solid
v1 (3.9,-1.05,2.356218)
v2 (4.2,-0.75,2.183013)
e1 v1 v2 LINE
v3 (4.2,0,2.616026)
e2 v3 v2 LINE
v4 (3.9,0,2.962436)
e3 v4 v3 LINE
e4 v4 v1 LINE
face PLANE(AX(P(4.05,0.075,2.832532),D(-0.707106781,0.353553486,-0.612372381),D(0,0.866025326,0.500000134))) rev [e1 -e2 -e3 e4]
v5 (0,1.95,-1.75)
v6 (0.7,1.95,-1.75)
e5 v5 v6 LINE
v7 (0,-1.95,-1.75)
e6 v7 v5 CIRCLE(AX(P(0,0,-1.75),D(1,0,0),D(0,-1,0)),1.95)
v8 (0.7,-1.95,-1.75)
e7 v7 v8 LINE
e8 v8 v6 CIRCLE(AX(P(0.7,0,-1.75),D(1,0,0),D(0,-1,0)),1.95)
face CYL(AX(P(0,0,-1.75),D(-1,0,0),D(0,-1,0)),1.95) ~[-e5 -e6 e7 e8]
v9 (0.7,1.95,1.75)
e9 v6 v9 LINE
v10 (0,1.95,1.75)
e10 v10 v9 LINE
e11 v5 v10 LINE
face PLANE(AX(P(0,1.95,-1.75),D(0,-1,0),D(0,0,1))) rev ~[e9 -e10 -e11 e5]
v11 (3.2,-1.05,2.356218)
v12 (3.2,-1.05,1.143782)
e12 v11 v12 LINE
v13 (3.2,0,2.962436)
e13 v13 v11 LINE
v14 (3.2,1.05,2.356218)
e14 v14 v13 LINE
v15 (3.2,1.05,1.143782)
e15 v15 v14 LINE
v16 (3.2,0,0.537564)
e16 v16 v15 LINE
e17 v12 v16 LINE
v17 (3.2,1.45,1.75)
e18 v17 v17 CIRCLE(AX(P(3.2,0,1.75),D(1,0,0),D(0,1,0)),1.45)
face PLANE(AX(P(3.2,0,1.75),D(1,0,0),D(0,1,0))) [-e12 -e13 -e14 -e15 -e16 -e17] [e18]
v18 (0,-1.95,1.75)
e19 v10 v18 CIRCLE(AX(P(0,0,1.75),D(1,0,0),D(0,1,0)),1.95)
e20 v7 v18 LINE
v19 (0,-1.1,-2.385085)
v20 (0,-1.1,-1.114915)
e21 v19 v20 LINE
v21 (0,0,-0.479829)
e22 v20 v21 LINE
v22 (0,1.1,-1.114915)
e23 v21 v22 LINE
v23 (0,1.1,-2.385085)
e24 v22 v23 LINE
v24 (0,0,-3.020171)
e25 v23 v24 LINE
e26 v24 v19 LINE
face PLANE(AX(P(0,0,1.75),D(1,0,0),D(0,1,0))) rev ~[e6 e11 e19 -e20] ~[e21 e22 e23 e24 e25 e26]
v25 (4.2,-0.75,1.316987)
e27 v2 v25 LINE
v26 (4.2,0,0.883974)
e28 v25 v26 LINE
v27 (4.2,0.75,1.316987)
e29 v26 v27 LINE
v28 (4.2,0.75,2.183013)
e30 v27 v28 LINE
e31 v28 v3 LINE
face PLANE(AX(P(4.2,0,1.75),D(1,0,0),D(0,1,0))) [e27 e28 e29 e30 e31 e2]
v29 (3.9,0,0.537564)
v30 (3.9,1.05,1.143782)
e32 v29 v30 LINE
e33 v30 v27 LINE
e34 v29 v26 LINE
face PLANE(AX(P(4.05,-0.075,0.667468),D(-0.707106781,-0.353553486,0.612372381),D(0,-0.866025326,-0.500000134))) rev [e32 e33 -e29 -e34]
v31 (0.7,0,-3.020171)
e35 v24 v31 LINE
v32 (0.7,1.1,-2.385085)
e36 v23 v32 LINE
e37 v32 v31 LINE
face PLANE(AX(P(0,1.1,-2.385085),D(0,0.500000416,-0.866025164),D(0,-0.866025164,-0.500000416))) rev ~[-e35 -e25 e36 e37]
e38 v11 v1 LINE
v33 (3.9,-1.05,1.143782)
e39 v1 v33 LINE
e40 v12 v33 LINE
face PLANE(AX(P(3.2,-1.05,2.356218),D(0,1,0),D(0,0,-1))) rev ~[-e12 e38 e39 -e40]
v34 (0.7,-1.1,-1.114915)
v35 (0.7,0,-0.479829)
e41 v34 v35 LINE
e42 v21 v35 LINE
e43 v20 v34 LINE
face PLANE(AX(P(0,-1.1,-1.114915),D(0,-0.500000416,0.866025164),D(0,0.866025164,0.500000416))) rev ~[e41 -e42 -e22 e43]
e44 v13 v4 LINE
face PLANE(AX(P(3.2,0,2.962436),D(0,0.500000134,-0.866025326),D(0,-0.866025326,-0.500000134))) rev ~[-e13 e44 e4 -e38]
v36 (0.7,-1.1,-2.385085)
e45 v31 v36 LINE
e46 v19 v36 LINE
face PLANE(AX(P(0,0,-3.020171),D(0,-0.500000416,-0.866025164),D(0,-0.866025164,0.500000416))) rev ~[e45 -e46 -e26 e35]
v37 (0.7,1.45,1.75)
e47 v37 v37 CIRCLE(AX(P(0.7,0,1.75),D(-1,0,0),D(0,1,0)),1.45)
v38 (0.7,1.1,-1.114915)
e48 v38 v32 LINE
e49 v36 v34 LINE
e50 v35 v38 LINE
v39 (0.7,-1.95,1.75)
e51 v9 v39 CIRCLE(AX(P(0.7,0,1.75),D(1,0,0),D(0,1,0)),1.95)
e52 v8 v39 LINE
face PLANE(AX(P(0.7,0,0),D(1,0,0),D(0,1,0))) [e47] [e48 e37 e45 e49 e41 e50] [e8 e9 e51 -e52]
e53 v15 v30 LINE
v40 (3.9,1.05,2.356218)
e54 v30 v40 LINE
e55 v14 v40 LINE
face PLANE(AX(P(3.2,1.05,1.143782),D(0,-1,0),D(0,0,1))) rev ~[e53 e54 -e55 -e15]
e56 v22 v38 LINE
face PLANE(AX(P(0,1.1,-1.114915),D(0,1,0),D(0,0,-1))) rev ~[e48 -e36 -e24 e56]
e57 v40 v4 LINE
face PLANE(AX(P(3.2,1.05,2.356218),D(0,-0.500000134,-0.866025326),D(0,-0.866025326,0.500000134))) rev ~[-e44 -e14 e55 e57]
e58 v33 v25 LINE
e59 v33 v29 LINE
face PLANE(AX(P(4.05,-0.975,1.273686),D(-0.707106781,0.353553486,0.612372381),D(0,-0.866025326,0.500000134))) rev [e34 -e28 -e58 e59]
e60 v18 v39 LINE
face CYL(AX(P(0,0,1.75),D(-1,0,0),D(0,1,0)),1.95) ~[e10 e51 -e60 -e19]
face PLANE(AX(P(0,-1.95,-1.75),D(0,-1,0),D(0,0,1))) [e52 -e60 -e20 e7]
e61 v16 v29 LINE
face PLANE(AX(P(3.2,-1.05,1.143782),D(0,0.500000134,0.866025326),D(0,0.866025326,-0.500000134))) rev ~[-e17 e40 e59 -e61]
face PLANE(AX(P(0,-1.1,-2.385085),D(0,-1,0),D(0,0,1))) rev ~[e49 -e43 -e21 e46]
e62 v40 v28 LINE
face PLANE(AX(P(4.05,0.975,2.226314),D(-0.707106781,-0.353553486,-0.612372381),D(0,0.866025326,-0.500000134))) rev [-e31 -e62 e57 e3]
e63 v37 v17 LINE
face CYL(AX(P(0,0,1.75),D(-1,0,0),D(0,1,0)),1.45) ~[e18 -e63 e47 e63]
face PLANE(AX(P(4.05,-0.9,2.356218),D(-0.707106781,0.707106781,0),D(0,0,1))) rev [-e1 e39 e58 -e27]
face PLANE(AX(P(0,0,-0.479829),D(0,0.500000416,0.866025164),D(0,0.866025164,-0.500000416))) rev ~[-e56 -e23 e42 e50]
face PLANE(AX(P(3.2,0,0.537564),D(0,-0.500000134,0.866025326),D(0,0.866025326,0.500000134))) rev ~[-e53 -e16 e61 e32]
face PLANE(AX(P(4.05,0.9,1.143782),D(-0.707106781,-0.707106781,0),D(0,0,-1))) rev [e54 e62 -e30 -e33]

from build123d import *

# Parameters (mm, degrees)
F0_W     = 3.9
F0_H     = 3.5
F1_DEPTH = 0.7
F2_R     = 1.45
F3_DEPTH = 3.2
F5_DEPTH = 1
F6_SIZE  = 0.3
F8_DEPTH = 0.7


with BuildPart() as f1:
    # F0 (on Right) → F1 (new body)
    with BuildSketch(Plane.YZ):
        Rectangle(F0_W, F0_H)
        with BuildLine():
            Line((-1.95, 1.75), (1.95, 1.75))
            ThreePointArc((1.95, 1.75), (0, 3.7), (-1.95, 1.75))
        make_face()
        with BuildLine():
            ThreePointArc((-1.95, -1.75), (0, -3.7), (1.95, -1.75))
            Line((1.95, -1.75), (-1.95, -1.75))
        make_face()
    extrude(amount=F1_DEPTH)

    # F2 (on Right) → F3 (join)
    with BuildSketch(Plane.YZ):
        with Locations((0, 1.75)):
            Circle(F2_R)
    extrude(amount=F3_DEPTH)

    # F4 (on face) → F5 (join)
    with BuildSketch(Plane.YZ.offset(3.2)):
        Polygon((1.05, 1.143782), (1.05, 2.356218), (0, 2.962436), (-1.05, 2.356218), (-1.05, 1.143782), (0, 0.537564), align=None)
    extrude(amount=F5_DEPTH)

    # F6
    f6_edges = [f1.edges().sort_by_distance(p)[0] for p in [
        (4.2, -0.525, 2.659327),
        (4.2, 0.525, 2.659327),
        (4.2, 1.05, 1.75),
        (4.2, 0.525, 0.840673),
        (4.2, -0.525, 0.840673),
        (4.2, -1.05, 1.75),
    ]]
    chamfer(f6_edges, length=F6_SIZE)

    # F7 (on face) → F8 (cut, through all)
    with BuildSketch(Plane(origin=(0, 0, 0), x_dir=(0, -1, 0), z_dir=(-1, 0, 0))):
        Polygon((1.1, -2.385085), (1.1, -1.114915), (0, -0.479829), (-1.1, -1.114915), (-1.1, -2.385085), (0, -3.020171), align=None)
    extrude(amount=-F8_DEPTH, mode=Mode.SUBTRACT)


solid = f1.part
